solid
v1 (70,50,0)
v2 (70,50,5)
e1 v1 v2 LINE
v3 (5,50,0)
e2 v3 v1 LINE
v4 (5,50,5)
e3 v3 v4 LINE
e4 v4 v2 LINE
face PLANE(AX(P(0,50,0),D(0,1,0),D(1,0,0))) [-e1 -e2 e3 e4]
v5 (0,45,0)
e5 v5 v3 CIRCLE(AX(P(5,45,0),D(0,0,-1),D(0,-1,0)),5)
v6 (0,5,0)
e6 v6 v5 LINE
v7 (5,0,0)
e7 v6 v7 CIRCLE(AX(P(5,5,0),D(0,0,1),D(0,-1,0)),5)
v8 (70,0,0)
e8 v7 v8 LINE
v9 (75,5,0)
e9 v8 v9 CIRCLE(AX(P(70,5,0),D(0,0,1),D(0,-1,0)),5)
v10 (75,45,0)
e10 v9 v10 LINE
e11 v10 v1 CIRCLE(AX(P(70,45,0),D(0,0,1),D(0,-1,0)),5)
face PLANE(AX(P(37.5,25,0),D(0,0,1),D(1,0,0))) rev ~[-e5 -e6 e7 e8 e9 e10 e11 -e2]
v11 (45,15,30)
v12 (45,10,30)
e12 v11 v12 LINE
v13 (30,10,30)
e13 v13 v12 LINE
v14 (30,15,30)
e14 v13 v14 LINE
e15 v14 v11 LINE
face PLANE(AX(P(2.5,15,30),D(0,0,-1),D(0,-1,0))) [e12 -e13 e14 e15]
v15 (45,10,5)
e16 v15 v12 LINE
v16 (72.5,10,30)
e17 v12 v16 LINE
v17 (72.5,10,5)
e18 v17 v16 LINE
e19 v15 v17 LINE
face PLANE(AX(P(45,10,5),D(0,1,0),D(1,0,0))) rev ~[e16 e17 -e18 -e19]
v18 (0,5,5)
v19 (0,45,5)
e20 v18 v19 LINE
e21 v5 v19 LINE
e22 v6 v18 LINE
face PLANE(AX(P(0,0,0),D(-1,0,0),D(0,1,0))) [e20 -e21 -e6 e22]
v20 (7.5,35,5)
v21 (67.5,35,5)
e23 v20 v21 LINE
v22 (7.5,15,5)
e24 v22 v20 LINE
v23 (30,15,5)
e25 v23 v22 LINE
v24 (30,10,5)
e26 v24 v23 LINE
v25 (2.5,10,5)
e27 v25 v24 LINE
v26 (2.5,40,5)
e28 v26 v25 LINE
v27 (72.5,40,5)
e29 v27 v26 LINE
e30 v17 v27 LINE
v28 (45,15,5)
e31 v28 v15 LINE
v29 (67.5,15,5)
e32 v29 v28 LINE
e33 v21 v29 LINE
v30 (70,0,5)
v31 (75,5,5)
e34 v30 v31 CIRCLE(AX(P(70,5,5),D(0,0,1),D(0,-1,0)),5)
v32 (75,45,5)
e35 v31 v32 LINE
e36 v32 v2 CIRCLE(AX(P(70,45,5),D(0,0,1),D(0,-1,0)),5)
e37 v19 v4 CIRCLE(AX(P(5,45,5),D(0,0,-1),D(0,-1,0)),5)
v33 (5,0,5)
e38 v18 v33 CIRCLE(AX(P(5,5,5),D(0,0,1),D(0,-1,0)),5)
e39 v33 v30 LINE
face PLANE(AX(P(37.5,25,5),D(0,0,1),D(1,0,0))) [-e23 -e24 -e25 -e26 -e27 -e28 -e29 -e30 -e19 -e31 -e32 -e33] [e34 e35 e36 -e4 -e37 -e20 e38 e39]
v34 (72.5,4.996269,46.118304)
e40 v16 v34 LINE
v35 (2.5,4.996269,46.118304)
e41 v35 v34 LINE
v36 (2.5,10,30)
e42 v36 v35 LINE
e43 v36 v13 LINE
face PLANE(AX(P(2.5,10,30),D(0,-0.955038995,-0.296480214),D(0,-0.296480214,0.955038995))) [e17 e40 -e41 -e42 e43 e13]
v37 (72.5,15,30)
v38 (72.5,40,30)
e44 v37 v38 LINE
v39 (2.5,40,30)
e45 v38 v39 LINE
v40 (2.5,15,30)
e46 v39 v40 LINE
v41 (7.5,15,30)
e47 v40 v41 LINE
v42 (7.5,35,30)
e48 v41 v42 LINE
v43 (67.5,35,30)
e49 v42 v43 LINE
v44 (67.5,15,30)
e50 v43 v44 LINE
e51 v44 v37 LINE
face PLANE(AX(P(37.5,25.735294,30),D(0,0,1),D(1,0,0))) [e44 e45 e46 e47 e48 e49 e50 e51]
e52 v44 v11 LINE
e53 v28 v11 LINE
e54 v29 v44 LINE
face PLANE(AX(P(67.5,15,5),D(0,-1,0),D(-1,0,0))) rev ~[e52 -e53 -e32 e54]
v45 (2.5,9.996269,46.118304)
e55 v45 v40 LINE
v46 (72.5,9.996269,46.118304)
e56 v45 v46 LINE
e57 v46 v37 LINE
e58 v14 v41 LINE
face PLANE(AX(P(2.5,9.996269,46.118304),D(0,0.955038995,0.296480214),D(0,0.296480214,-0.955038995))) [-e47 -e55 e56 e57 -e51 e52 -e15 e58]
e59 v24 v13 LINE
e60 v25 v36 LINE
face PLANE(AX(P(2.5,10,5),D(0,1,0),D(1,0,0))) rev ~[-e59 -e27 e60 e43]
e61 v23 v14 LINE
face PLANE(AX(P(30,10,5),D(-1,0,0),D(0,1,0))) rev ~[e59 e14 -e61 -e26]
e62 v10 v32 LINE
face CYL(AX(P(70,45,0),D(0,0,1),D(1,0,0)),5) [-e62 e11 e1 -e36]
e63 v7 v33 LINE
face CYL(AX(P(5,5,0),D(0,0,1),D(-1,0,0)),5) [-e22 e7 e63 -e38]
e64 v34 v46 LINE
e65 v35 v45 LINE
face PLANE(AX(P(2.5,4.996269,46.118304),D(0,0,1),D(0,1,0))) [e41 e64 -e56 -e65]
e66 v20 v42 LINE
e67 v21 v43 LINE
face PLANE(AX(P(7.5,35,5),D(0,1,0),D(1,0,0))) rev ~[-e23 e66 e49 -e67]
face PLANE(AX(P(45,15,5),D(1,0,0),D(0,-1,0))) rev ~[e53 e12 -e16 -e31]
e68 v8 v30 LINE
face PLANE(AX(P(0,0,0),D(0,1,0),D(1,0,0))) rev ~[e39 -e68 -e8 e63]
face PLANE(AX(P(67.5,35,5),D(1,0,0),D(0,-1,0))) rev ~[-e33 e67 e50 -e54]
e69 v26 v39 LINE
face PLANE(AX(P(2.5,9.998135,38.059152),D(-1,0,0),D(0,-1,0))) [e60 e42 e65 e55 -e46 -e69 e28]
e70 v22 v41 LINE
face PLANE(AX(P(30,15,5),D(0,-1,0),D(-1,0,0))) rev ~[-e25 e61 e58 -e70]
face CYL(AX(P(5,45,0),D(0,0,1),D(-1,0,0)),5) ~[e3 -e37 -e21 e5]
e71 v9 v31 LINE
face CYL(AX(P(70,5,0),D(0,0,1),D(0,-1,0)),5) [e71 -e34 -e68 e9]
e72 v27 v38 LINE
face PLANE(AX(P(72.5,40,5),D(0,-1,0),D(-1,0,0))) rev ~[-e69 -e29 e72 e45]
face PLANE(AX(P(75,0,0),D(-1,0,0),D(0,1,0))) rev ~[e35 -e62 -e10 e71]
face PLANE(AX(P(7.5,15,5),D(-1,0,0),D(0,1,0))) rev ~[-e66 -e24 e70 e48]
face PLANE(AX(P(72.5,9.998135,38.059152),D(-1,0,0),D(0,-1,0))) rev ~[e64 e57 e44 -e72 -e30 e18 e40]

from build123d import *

# Parameters (mm, degrees)
F0_W     = 75
F0_H     = 50
F1_DEPTH = 5
F2_R     = 5
F4_DEPTH = 25
F6_DEPTH = 70


with BuildPart() as f1:
    # F0 (on Top) → F1 (new body)
    with BuildSketch(Plane.XY):
        with Locations((37.5, 25)):
            Rectangle(F0_W, F0_H)
    extrude(amount=F1_DEPTH)

    # F2
    f2_edges = [f1.edges().sort_by_distance(p)[0] for p in [
        (75, 0, 2.5),
        (0, 0, 2.5),
        (0, 50, 2.5),
        (75, 50, 2.5),
    ]]
    fillet(f2_edges, radius=F2_R)

    # F3 (on face) → F4 (join)
    with BuildSketch(Plane.XY.offset(5)):
        Polygon((2.5, 40), (2.5, 10), (30, 10), (30, 15), (7.5, 15), (7.5, 35), (67.5, 35), (67.5, 15), (45, 15), (45, 10), (72.5, 10), (72.5, 40), align=None)
    extrude(amount=F4_DEPTH)

    # F5 (on face) → F6 (join)
    with BuildSketch(Plane(origin=(2.5, 0, 0), x_dir=(0, -1, 0), z_dir=(-1, 0, 0))):
        Polygon((-15, 30), (-10, 30), (-4.996269, 46.118304), (-9.996269, 46.118304), align=None)
    extrude(amount=-F6_DEPTH)


solid = f1.part
